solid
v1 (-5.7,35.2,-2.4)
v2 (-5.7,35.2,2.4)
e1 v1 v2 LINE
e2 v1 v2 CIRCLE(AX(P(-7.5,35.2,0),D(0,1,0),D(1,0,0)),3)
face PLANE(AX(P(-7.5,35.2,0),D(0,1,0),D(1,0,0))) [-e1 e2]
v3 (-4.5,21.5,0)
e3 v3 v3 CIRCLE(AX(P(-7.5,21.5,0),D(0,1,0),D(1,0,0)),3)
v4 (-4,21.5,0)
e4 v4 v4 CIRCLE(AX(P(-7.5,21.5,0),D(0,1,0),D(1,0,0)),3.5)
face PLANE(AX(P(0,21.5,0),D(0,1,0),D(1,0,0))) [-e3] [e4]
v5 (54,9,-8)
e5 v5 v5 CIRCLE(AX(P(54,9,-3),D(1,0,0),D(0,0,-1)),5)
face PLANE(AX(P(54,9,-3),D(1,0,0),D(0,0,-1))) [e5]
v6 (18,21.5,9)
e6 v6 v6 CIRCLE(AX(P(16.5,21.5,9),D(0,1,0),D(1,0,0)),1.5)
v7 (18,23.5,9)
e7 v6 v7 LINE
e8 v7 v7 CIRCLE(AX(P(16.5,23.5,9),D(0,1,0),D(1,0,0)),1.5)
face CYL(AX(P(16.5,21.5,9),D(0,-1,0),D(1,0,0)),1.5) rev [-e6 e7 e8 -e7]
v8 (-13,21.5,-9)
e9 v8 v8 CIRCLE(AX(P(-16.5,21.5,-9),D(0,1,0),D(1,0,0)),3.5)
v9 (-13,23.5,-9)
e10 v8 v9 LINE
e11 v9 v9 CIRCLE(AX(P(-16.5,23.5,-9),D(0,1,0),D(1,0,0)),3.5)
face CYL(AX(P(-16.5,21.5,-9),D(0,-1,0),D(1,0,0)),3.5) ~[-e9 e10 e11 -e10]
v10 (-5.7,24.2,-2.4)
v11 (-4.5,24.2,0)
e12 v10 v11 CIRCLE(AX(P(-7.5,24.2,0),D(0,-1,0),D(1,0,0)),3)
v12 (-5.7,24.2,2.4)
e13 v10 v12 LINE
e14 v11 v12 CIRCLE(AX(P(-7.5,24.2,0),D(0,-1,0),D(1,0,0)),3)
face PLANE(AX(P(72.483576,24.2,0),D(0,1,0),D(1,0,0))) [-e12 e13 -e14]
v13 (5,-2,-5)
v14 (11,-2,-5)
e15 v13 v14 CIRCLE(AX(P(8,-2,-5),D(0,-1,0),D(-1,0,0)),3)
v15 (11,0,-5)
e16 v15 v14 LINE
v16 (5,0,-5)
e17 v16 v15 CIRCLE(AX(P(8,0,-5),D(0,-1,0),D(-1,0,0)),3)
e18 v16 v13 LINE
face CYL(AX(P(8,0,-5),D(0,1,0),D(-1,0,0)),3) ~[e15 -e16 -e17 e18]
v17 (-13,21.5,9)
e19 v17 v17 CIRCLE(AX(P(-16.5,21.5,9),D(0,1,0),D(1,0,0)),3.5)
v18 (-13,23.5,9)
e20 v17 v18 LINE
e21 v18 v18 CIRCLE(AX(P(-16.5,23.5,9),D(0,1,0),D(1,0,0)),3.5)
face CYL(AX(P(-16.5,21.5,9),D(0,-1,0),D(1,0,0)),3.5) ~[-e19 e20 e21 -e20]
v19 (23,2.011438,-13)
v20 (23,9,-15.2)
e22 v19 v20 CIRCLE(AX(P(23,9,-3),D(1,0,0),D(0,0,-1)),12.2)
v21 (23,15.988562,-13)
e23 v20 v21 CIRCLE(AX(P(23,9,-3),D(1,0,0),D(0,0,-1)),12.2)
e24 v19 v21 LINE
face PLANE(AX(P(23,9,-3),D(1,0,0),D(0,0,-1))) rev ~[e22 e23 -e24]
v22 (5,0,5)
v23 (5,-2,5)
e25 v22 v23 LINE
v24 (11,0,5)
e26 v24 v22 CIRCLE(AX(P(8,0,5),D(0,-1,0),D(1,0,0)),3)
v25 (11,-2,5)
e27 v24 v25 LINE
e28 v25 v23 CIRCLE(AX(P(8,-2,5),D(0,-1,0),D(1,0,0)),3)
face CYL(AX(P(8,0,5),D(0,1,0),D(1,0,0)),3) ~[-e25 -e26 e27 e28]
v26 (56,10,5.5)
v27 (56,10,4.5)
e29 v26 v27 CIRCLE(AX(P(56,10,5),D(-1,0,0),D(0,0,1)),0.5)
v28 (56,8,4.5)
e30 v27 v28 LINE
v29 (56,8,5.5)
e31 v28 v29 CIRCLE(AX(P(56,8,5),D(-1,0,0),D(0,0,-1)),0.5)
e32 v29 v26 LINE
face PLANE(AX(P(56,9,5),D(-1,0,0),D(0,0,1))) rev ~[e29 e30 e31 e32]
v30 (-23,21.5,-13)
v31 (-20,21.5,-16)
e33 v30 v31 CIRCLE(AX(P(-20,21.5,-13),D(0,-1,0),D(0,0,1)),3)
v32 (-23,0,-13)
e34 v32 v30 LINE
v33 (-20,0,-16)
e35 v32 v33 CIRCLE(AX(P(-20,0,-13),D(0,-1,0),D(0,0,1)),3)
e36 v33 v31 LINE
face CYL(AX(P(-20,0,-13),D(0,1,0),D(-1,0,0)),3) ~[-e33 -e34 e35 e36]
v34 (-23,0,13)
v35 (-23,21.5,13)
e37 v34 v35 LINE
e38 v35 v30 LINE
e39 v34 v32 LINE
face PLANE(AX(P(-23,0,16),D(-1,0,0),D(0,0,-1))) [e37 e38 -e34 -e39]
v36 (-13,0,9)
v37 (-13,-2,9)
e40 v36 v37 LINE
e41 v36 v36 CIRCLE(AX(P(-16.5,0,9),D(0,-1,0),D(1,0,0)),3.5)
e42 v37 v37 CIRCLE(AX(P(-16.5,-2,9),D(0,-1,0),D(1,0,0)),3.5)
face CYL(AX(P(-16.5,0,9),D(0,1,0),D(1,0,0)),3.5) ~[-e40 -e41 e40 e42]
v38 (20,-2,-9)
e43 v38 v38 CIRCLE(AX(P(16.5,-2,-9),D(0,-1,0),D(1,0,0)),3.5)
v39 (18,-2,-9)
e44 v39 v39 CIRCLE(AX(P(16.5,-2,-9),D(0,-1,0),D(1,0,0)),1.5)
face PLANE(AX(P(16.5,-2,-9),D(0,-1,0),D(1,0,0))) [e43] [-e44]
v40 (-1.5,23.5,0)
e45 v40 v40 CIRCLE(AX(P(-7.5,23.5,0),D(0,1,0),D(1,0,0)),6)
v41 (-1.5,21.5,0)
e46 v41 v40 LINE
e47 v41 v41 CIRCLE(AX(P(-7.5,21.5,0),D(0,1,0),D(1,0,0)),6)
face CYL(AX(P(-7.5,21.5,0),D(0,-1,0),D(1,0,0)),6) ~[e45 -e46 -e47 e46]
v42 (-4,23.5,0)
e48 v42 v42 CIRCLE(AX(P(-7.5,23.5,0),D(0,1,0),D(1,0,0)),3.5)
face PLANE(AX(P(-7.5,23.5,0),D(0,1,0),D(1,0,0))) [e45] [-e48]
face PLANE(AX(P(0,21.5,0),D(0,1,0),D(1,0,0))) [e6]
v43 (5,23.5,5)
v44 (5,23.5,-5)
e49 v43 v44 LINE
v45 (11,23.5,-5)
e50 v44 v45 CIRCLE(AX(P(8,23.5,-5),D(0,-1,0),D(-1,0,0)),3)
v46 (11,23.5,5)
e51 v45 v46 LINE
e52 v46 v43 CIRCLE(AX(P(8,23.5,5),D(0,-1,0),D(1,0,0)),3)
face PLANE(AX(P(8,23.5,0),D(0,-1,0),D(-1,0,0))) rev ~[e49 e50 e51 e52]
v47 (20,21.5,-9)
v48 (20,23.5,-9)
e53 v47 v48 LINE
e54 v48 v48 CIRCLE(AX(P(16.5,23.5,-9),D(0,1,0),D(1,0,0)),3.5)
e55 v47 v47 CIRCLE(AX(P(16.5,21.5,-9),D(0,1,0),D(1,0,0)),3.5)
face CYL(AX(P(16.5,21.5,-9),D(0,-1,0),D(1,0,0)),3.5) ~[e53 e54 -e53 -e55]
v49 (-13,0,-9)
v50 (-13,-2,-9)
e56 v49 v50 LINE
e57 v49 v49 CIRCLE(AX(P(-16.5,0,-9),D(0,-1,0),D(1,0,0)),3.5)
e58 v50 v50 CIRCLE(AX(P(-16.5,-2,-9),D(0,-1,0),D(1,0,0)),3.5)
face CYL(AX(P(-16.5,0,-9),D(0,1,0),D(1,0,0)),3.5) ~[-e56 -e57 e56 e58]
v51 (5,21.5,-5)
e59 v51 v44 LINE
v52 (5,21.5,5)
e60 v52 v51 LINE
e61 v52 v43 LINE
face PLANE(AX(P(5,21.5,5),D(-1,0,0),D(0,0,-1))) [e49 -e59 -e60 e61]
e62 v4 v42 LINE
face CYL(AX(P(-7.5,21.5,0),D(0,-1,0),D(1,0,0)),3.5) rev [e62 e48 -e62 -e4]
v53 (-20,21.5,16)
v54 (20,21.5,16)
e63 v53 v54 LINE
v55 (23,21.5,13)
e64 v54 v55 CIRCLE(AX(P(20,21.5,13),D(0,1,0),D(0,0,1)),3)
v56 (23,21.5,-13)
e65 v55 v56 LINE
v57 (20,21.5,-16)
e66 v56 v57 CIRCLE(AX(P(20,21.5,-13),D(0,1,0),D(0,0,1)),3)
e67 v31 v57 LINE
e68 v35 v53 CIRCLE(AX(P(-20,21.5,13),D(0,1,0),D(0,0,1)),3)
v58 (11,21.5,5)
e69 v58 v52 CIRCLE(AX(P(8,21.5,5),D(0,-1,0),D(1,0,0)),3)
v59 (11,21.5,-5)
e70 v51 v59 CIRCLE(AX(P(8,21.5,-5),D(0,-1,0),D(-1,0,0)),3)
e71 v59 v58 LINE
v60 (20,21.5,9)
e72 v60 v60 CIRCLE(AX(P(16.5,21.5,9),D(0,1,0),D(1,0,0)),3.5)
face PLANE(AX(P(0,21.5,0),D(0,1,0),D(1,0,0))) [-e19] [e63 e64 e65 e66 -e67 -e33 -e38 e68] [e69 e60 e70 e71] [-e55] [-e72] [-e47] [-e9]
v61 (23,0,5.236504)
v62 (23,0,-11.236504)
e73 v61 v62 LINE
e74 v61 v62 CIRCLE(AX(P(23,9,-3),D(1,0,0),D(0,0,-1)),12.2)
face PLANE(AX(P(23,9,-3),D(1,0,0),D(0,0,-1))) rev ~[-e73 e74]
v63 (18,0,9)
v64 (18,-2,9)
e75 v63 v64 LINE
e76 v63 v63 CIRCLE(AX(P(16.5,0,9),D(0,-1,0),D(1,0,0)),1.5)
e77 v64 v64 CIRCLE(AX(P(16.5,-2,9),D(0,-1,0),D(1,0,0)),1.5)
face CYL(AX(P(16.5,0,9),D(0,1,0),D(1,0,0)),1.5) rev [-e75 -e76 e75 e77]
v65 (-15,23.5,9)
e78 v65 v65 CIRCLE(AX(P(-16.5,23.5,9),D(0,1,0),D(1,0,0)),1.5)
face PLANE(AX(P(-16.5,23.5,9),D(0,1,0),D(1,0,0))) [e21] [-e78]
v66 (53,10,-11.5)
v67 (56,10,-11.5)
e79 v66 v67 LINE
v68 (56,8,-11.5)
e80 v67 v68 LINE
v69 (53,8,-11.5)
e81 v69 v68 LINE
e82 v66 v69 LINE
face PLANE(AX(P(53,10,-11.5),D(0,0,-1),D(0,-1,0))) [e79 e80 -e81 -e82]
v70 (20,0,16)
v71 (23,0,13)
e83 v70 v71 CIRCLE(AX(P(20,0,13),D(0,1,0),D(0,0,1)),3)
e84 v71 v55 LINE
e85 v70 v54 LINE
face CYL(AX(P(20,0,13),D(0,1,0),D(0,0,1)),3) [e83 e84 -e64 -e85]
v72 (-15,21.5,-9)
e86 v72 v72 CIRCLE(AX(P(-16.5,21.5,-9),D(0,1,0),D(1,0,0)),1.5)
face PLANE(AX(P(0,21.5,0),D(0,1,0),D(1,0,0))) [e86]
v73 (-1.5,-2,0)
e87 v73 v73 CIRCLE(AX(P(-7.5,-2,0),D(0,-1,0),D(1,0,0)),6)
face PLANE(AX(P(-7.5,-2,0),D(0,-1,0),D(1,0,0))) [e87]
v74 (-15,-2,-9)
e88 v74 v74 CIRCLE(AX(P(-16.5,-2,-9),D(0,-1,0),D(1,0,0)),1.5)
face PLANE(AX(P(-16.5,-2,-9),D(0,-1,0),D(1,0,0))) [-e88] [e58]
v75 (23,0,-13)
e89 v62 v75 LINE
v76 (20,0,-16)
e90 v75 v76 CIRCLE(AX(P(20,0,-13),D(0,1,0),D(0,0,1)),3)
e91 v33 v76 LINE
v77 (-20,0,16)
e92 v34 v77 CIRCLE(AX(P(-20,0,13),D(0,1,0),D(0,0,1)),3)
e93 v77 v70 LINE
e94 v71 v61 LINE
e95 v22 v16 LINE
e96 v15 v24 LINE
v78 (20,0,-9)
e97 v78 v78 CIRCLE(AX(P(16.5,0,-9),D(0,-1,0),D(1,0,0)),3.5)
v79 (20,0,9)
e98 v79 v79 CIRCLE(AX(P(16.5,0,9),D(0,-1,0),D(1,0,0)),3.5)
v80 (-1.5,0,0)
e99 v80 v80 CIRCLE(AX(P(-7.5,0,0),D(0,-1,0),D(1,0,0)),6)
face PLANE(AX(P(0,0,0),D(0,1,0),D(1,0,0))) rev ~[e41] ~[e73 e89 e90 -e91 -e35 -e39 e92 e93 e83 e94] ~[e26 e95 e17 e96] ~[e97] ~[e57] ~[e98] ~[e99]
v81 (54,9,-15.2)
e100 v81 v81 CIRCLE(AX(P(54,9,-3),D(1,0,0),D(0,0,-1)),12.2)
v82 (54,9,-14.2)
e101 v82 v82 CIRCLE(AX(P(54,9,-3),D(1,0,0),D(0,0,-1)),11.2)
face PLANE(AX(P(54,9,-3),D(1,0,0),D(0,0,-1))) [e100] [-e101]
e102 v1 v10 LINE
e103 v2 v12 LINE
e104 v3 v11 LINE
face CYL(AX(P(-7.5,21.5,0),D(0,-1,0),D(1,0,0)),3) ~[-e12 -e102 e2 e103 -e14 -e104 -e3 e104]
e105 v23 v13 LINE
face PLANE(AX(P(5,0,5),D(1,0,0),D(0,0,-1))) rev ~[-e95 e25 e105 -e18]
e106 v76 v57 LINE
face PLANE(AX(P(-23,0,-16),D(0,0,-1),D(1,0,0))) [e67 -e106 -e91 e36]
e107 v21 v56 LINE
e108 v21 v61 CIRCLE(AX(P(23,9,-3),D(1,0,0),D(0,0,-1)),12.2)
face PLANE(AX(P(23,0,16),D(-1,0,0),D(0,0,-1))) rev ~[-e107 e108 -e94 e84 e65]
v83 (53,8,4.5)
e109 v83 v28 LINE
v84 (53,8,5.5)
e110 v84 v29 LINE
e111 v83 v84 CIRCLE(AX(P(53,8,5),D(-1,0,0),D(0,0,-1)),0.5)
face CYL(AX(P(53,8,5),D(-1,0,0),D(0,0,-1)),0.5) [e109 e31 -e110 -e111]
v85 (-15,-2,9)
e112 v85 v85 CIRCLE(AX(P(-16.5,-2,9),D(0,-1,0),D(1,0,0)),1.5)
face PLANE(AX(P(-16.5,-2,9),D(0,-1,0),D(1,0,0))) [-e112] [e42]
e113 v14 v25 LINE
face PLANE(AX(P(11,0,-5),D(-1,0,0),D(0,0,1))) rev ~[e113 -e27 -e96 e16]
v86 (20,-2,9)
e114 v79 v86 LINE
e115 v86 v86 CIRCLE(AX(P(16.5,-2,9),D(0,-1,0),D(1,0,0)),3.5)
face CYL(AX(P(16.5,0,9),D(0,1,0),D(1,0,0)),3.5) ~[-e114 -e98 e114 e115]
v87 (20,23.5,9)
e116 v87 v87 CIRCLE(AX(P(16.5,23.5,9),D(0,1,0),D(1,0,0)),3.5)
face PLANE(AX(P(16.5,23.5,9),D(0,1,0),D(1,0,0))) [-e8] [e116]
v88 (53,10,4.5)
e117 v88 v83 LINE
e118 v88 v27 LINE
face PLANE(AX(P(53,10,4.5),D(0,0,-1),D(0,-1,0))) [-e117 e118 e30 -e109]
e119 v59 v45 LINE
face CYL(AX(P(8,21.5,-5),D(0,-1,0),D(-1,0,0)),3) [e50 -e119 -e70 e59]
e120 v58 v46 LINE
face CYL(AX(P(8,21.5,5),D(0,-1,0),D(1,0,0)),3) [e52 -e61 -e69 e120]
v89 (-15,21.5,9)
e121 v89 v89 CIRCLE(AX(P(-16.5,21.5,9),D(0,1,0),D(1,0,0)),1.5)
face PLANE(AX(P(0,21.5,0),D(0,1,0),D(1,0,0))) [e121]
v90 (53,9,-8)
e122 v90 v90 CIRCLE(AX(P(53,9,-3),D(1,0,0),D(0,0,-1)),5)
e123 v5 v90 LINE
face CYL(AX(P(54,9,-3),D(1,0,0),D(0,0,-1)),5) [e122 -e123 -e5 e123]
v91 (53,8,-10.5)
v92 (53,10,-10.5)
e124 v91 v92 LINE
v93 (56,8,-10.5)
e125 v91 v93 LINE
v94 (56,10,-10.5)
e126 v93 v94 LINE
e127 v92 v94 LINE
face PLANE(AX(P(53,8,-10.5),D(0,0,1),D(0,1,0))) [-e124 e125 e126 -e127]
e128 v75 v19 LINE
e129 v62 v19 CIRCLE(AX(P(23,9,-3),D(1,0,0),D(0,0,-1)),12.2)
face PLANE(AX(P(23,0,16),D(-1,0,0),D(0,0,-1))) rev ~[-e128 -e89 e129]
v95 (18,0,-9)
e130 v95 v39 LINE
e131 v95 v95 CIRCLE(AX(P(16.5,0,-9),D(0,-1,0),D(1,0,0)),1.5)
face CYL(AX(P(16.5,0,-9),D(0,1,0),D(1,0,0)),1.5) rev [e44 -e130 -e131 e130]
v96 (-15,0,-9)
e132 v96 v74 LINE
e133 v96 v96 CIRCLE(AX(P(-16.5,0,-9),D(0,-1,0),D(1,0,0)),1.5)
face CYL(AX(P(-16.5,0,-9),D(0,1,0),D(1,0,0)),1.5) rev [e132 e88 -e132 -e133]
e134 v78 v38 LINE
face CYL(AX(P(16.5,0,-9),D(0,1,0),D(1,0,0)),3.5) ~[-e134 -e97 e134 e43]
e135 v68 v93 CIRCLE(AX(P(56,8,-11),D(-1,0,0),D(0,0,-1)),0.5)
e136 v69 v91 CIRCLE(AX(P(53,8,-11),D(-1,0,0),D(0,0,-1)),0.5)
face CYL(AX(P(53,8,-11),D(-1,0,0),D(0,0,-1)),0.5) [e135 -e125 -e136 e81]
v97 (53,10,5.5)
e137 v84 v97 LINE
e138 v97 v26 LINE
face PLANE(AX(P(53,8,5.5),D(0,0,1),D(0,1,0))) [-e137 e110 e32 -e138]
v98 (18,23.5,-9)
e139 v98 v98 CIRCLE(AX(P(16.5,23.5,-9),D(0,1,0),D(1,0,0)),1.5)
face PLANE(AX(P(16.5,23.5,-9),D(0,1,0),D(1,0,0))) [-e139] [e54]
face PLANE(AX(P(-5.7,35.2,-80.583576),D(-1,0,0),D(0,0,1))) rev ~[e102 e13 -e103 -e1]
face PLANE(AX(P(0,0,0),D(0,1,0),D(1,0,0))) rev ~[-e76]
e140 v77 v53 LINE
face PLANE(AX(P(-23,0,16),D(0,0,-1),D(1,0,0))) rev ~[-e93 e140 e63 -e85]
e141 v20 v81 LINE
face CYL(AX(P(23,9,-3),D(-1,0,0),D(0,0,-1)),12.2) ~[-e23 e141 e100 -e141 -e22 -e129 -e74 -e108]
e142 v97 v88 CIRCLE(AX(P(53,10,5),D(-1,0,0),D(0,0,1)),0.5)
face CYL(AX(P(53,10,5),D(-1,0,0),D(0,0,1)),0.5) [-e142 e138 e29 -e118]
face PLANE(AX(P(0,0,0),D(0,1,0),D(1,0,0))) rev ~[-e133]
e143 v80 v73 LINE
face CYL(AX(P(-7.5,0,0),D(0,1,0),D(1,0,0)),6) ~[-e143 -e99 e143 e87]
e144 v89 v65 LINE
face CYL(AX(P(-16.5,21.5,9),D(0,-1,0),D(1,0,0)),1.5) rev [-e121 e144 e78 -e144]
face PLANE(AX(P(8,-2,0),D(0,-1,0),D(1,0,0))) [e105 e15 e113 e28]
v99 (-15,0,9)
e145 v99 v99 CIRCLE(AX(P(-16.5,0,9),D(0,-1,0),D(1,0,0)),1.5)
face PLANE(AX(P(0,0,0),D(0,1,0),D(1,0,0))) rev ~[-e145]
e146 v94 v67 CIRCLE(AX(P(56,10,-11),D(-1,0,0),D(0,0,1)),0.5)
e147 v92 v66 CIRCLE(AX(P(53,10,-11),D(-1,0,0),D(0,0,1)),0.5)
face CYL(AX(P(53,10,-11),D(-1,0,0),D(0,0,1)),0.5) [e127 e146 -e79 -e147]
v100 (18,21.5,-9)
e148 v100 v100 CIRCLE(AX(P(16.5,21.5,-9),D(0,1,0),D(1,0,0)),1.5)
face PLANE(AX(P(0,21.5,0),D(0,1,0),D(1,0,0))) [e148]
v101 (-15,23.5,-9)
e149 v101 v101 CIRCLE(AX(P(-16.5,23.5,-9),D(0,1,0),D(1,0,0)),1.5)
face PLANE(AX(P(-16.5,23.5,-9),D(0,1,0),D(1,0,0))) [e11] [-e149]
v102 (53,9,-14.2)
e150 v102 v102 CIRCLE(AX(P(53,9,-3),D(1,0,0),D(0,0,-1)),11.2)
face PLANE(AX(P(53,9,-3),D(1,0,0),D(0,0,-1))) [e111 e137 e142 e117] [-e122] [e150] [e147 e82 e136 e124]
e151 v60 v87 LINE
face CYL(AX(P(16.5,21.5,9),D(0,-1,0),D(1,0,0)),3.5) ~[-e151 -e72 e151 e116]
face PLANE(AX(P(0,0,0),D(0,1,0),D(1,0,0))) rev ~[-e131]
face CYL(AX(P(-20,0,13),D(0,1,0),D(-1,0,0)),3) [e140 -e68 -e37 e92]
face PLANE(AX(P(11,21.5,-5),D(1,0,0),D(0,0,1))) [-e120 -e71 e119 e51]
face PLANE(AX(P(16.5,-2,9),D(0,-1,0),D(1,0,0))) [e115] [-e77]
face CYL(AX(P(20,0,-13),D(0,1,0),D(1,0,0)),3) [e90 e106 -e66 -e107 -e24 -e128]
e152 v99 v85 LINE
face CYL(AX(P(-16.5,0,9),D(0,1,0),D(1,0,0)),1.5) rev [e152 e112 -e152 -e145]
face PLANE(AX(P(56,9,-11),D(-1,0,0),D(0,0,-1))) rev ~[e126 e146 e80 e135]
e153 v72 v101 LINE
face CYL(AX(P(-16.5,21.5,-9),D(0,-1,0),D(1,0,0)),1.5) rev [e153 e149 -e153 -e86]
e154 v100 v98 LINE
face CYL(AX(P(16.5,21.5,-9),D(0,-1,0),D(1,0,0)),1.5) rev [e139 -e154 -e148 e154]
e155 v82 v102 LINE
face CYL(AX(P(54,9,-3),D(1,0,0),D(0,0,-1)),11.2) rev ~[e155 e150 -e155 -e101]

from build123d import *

# Parameters (mm, degrees)
SKETCH1_W           = 46
SKETCH1_H           = 32
BOSS_EXTRUDE1_DEPTH = 21.5
FILLET1_R           = 3
SKETCH2_R           = 3.5
SKETCH2_R_2         = 1.5
SKETCH2_R_3         = 6
BOSS_EXTRUDE2_DEPTH = 2
SKETCH3_R           = 3
BOSS_EXTRUDE3_DEPTH = 13.7
CUT_EXTRUDE1_START  = -11
CUT_EXTRUDE1_DEPTH  = 11
BOSS_EXTRUDE4_START = 2
SKETCH5_R           = 6
SKETCH5_R_2         = 3.5
SKETCH5_R_3         = 1.5
BOSS_EXTRUDE4_DEPTH = 2
SKETCH6_R           = 12.2
BOSS_EXTRUDE5_DEPTH = 31
SKETCH7_R           = 11.2
SKETCH7_R_2         = 5
CUT_EXTRUDE2_DEPTH  = 1
BOSS_EXTRUDE6_DEPTH = 3
CIRPATTERN1_COUNT   = 2


with BuildPart() as part:
    # Sketch1 → Boss-Extrude1 (new body)
    with BuildSketch(Plane(origin=(0, 0, 0), x_dir=(1, 0, 0), z_dir=(0, 1, 0))):
        Rectangle(SKETCH1_W, SKETCH1_H)
    extrude(amount=BOSS_EXTRUDE1_DEPTH)

    # Fillet1
    fillet1_edges = [part.edges().sort_by_distance(p)[0] for p in [
        (-23, 10.75, -16),
        (23, 10.75, -16),
        (23, 10.75, 16),
        (-23, 10.75, 16),
    ]]
    fillet(fillet1_edges, radius=FILLET1_R)

    # Sketch2 → Boss-Extrude2 (add)
    # profile 1 of 6: a face of its own
    with BuildSketch(Plane(origin=(0, 21.5, 0), x_dir=(1, 0, 0), z_dir=(0, 1, 0))):
        with Locations((-16.5, 9)):
            Circle(SKETCH2_R)
        with Locations((-16.5, 9)):
            Circle(SKETCH2_R_2, mode=Mode.SUBTRACT)
    # profile 2 of 6: a face of its own
    with BuildSketch(Plane(origin=(0, 21.5, 0), x_dir=(1, 0, 0), z_dir=(0, 1, 0))):
        with Locations((16.5, 9)):
            Circle(SKETCH2_R)
        with Locations((16.5, 9)):
            Circle(SKETCH2_R_2, mode=Mode.SUBTRACT)
    # profile 3 of 6: a face of its own
    with BuildSketch(Plane(origin=(0, 21.5, 0), x_dir=(1, 0, 0), z_dir=(0, 1, 0))):
        with Locations((16.5, -9)):
            Circle(SKETCH2_R)
        with Locations((16.5, -9)):
            Circle(SKETCH2_R_2, mode=Mode.SUBTRACT)
    # profile 4 of 6: a face of its own
    with BuildSketch(Plane(origin=(0, 21.5, 0), x_dir=(1, 0, 0), z_dir=(0, 1, 0))):
        with Locations((-16.5, -9)):
            Circle(SKETCH2_R)
        with Locations((-16.5, -9)):
            Circle(SKETCH2_R_2, mode=Mode.SUBTRACT)
    # profile 5 of 6: a face of its own
    with BuildSketch(Plane(origin=(0, 21.5, 0), x_dir=(1, 0, 0), z_dir=(0, 1, 0))):
        with Locations((-7.5, 0)):
            Circle(SKETCH2_R_3)
        with Locations((-7.5, 0)):
            Circle(SKETCH2_R, mode=Mode.SUBTRACT)
    # profile 6 of 6: a face of its own
    with BuildSketch(Plane(origin=(0, 21.5, 0), x_dir=(1, 0, 0), z_dir=(0, 1, 0))):
        with BuildLine():
            Line((11, 5), (11, -5))
            ThreePointArc((11, -5), (8, -8), (5, -5))
            Line((5, -5), (5, 5))
            ThreePointArc((5, 5), (8, 8), (11, 5))
        make_face()
    extrude(amount=BOSS_EXTRUDE2_DEPTH)

    # Sketch3 → Boss-Extrude3 (add)
    with BuildSketch(Plane(origin=(0, 21.5, 0), x_dir=(1, 0, 0), z_dir=(0, 1, 0))):
        with Locations((-7.5, 0)):
            Circle(SKETCH3_R)
    extrude(amount=BOSS_EXTRUDE3_DEPTH)

    # Sketch4 → Cut-Extrude1 (cut)
    with BuildSketch(Plane(origin=(0, 35.2, 0), x_dir=(1, 0, 0), z_dir=(0, 1, 0)).offset(CUT_EXTRUDE1_START)):
        with BuildLine():
            ThreePointArc((-4.5, 0), (-4.816718427, 1.341640786), (-5.7, 2.4))
            Line((-5.7, 2.4), (-5.7, -2.4))
            ThreePointArc((-5.7, -2.4), (-4.816718427, -1.341640786), (-4.5, 0))
        make_face()
    extrude(amount=CUT_EXTRUDE1_DEPTH, mode=Mode.SUBTRACT)

    # Sketch5 → Boss-Extrude4 (add)
    # profile 1 of 6: a face of its own
    with BuildSketch(Plane.XZ.offset(BOSS_EXTRUDE4_START)):
        with Locations((-7.5, 0)):
            Circle(SKETCH5_R)
    # profile 2 of 6: a face of its own
    with BuildSketch(Plane.XZ.offset(BOSS_EXTRUDE4_START)):
        with Locations((-16.5, -9)):
            Circle(SKETCH5_R_2)
        with Locations((-16.5, -9)):
            Circle(SKETCH5_R_3, mode=Mode.SUBTRACT)
    # profile 3 of 6: a face of its own
    with BuildSketch(Plane.XZ.offset(BOSS_EXTRUDE4_START)):
        with Locations((-16.5, 9)):
            Circle(SKETCH5_R_2)
        with Locations((-16.5, 9)):
            Circle(SKETCH5_R_3, mode=Mode.SUBTRACT)
    # profile 4 of 6: a face of its own
    with BuildSketch(Plane.XZ.offset(BOSS_EXTRUDE4_START)):
        with Locations((16.5, 9)):
            Circle(SKETCH5_R_2)
        with Locations((16.5, 9)):
            Circle(SKETCH5_R_3, mode=Mode.SUBTRACT)
    # profile 5 of 6: a face of its own
    with BuildSketch(Plane.XZ.offset(BOSS_EXTRUDE4_START)):
        with Locations((16.5, -9)):
            Circle(SKETCH5_R_2)
        with Locations((16.5, -9)):
            Circle(SKETCH5_R_3, mode=Mode.SUBTRACT)
    # profile 6 of 6: a face of its own
    with BuildSketch(Plane.XZ.offset(BOSS_EXTRUDE4_START)):
        with BuildLine():
            Line((11, -5), (11, 5))
            ThreePointArc((11, 5), (8, 8), (5, 5))
            Line((5, 5), (5, -5))
            ThreePointArc((5, -5), (8, -8), (11, -5))
        make_face()
    extrude(amount=-BOSS_EXTRUDE4_DEPTH)

    # Sketch6 → Boss-Extrude5 (add)
    with BuildSketch(Plane(origin=(23, 0, 0), x_dir=(0, 0, -1), z_dir=(1, 0, 0))):
        with Locations((3, 9)):
            Circle(SKETCH6_R)
    extrude(amount=BOSS_EXTRUDE5_DEPTH)

    # Sketch7 → Cut-Extrude2 (cut)
    with BuildSketch(Plane(origin=(54, 0, 0), x_dir=(0, 0, -1), z_dir=(1, 0, 0))):
        with Locations((3, 9)):
            Circle(SKETCH7_R)
        with Locations((3, 9)):
            Circle(SKETCH7_R_2, mode=Mode.SUBTRACT)
    extrude(amount=-CUT_EXTRUDE2_DEPTH, mode=Mode.SUBTRACT)

    # Sketch8 → Boss-Extrude6 (add)
    with BuildSketch(Plane(origin=(53, 0, 0), x_dir=(0, 0, -1), z_dir=(1, 0, 0))):
        with BuildLine():
            Line((-5.5, 8), (-5.5, 10))
            ThreePointArc((-5.5, 10), (-5, 10.5), (-4.5, 10))
            Line((-4.5, 10), (-4.5, 8))
            ThreePointArc((-4.5, 8), (-5, 7.5), (-5.5, 8))
        make_face()
    boss_extrude6 = extrude(amount=BOSS_EXTRUDE6_DEPTH)

    # CirPattern1: Boss-Extrude6 ×2 about axis
    cirpattern1_axis = Axis((54, 9, -3), (1, 0, 0))
    for i in range(1, CIRPATTERN1_COUNT):
        add(boss_extrude6.rotate(cirpattern1_axis, i * 360 / CIRPATTERN1_COUNT))


solid = part.part
